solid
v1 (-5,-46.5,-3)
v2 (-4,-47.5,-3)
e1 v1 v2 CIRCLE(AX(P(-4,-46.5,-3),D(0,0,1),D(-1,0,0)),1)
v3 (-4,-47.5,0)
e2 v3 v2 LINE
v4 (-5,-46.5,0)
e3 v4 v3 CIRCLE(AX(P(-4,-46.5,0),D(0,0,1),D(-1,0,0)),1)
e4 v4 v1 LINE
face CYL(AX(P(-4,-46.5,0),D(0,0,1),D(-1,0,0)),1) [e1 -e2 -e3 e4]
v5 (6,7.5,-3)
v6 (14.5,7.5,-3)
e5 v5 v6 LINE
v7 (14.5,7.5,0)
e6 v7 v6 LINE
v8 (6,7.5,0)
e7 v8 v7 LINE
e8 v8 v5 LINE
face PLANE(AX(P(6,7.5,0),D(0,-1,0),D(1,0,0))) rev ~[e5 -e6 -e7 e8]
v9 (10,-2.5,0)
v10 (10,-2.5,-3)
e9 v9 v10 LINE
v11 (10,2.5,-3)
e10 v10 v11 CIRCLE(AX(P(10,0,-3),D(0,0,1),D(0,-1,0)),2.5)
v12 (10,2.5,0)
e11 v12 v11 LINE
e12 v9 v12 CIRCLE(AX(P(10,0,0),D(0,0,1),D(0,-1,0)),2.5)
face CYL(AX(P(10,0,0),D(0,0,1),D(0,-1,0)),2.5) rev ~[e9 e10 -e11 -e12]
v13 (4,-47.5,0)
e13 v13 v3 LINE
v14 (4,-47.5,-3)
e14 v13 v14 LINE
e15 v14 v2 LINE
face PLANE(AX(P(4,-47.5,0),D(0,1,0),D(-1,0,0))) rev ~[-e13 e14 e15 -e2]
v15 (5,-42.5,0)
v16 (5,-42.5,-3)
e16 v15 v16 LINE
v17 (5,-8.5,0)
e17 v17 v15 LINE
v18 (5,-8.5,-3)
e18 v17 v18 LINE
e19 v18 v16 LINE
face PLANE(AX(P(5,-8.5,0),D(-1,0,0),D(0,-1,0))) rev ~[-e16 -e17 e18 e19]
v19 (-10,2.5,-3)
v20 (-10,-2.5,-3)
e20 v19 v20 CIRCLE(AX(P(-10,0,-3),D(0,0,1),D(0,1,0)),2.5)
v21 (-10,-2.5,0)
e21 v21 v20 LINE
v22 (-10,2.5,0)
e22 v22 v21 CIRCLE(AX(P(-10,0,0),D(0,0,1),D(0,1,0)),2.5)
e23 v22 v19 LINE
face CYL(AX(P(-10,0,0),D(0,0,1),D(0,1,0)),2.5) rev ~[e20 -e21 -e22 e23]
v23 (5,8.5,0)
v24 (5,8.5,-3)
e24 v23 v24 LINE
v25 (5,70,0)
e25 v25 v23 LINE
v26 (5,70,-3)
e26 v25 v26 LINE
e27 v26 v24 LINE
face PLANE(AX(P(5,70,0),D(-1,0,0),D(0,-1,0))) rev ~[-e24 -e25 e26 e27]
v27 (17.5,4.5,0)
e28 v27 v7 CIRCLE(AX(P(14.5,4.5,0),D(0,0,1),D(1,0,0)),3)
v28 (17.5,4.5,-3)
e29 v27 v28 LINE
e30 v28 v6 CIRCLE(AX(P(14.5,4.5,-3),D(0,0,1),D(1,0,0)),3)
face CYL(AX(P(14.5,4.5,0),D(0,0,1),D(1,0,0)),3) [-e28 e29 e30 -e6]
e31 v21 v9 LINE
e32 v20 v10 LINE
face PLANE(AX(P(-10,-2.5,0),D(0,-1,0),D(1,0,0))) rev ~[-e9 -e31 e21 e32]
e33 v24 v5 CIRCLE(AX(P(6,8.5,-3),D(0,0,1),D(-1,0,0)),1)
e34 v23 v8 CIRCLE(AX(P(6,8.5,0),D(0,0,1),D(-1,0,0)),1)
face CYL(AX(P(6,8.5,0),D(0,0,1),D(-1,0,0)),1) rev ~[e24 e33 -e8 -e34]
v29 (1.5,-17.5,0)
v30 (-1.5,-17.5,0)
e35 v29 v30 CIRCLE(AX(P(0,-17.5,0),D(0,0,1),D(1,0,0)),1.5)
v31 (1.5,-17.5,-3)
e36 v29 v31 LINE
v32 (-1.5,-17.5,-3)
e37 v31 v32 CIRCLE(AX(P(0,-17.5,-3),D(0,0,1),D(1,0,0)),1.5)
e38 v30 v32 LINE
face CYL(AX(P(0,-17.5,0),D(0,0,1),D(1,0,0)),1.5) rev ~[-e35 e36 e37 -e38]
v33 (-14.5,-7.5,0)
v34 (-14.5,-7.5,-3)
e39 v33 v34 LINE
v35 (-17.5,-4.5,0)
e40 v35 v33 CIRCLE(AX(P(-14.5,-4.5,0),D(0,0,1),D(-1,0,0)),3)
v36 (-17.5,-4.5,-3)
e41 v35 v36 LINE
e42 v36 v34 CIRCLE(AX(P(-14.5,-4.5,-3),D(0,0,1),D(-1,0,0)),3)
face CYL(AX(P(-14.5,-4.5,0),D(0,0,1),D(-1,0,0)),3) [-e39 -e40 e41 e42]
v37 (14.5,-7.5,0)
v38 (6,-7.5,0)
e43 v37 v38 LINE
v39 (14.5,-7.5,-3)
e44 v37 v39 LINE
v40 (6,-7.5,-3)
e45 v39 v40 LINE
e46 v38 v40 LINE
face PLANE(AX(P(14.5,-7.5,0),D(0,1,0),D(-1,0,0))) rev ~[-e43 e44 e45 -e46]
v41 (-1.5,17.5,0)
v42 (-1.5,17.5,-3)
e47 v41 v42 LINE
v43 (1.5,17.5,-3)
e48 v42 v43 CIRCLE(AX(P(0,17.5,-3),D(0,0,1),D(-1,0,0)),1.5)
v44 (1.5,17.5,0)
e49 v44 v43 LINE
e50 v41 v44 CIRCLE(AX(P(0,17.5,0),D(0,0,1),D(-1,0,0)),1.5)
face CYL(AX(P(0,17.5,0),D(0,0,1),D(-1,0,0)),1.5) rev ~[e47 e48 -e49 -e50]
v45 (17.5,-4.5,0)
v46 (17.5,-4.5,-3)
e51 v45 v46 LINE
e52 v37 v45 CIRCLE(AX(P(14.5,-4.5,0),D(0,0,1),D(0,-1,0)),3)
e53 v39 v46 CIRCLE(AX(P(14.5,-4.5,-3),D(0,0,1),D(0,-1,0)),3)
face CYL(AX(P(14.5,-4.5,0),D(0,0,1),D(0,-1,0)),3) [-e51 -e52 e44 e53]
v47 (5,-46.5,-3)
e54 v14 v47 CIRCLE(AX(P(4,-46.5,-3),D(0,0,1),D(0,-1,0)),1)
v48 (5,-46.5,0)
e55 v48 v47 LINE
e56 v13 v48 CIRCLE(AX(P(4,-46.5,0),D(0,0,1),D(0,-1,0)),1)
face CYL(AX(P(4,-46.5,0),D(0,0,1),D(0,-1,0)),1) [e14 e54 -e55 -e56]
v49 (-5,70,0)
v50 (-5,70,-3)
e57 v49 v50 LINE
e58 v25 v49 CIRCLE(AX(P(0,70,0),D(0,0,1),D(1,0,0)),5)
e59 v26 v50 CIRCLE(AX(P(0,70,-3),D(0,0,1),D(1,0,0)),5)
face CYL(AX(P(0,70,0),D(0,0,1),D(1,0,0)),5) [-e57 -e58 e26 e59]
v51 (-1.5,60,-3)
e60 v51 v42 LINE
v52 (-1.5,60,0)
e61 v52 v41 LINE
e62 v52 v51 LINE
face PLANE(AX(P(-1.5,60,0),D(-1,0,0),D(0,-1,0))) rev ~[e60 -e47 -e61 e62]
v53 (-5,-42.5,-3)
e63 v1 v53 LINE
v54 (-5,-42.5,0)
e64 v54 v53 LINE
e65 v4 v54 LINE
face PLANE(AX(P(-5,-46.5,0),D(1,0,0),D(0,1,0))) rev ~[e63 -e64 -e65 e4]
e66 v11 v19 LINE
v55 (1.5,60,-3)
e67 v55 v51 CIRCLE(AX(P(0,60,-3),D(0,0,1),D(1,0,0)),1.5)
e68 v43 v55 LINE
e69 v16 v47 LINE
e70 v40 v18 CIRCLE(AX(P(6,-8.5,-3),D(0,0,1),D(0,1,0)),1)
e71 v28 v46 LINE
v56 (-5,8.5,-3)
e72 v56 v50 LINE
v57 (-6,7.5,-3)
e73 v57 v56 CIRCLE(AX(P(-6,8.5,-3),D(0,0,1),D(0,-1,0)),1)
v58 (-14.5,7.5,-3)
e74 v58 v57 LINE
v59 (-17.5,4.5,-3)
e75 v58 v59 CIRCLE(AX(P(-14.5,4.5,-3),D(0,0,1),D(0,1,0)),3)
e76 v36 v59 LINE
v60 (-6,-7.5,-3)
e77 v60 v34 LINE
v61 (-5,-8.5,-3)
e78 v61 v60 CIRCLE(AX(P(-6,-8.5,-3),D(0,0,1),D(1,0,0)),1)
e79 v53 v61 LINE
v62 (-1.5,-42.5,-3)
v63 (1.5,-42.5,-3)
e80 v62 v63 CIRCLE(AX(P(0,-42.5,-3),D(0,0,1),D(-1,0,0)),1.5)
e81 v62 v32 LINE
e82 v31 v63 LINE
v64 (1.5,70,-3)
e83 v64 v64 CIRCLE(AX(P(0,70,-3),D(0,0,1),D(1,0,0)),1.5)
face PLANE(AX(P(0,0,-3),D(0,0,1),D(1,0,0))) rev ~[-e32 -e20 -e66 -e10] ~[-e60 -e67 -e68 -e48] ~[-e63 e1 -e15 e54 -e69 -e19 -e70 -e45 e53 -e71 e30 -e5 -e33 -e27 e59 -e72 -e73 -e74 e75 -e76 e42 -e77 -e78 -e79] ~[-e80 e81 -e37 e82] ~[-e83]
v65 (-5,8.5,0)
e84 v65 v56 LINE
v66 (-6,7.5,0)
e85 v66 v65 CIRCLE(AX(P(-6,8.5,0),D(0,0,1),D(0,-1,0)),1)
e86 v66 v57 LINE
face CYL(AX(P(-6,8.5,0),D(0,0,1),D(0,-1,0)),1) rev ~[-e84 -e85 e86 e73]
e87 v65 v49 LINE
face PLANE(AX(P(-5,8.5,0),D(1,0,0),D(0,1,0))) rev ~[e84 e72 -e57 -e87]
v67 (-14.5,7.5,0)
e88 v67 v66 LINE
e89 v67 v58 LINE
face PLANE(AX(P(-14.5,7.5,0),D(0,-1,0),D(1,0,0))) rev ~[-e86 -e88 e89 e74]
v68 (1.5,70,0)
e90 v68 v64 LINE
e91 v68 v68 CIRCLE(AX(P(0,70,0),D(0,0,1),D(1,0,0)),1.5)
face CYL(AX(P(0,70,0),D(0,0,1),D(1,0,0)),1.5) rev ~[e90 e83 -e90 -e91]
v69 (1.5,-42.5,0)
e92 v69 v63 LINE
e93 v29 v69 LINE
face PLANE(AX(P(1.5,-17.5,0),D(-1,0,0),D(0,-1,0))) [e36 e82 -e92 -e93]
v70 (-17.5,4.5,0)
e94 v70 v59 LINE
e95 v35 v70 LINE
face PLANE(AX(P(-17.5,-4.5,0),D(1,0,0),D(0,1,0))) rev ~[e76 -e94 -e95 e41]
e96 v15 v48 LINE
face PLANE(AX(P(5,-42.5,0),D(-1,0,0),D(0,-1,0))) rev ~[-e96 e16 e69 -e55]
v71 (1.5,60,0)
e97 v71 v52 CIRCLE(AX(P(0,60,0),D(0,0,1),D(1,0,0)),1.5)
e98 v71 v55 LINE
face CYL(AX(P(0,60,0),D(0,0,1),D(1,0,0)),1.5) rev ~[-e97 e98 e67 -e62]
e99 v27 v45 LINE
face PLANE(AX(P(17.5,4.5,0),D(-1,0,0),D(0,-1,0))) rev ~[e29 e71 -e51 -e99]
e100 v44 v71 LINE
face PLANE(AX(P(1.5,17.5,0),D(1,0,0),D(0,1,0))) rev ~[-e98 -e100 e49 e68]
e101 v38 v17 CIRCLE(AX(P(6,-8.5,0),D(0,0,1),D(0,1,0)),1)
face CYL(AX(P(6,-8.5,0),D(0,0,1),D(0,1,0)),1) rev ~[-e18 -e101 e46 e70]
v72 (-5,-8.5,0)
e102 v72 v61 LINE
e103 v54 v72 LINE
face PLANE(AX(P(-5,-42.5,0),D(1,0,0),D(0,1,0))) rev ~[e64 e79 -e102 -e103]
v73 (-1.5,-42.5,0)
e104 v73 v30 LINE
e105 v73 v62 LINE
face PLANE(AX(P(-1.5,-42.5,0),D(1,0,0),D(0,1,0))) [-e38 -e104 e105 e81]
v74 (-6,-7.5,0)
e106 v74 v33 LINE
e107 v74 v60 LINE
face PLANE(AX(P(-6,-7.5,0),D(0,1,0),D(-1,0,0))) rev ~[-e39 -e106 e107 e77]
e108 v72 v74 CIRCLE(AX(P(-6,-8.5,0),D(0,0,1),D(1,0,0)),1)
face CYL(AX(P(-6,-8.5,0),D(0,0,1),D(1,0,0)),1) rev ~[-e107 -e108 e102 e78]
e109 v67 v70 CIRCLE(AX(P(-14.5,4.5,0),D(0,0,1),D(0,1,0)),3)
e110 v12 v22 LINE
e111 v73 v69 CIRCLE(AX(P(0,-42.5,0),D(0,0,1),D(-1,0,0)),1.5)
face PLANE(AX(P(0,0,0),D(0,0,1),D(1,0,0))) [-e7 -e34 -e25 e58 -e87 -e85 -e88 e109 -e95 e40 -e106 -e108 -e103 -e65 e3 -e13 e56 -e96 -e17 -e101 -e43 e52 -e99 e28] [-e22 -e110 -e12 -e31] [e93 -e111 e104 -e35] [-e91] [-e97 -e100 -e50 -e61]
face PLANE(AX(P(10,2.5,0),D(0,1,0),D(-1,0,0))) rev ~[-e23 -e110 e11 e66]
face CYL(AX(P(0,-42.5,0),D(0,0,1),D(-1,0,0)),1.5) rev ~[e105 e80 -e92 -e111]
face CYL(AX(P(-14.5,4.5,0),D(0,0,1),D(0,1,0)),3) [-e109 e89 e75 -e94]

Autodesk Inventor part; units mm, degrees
ref_plane "YZ Plane" through (0, 0, 0) normal (1, 0, 0) x (0, 1, 0)
ref_plane "XZ Plane" through (0, 0, 0) normal (0, 1, 0) x (-1, 0, 0)
ref_plane "XY Plane" through (0, 0, 0) normal (0, 0, 1) x (1, 0, 0)
sketch "Sketch1" plane through (0, 0, 0) normal (0, 0, 1) x (1, 0, 0)
  line L0 (-10, 0) -> (10, 0) construction
  line L1 (-10, -2.5) -> (10, -2.5)
  line L2 (10, 2.5) -> (-10, 2.5)
  arc A0 (-10, 2.5) -> (-10, -2.5) centre (-10, 0) ccw
  arc A1 (10, -2.5) -> (10, 2.5) centre (10, 0) ccw
  line L3 (17.5, 4.5) -> (17.5, -4.5)
  line L4 (-17.5, -4.5) -> (-17.5, 4.5)
  line L5 (-5, 70) -> (5, 70) construction
  line L6 (5, 70) -> (5, 8.5)
  line L7 (-5, 7.5) -> (-5, 7.5)
  line L8 (-5, 8.5) -> (-5, 70)
  line L9 (5, -7.5) -> (5, -7.5)
  line L10 (5, -8.5) -> (5, -42.5)
  line L11 (5, -42.5) -> (-5, -42.5) construction
  line L12 (-5, -42.5) -> (-5, -8.5)
  line L13 (14.5, -7.5) -> (6, -7.5)
  line L14 (-6, -7.5) -> (-14.5, -7.5)
  line L15 (-14.5, 7.5) -> (-6, 7.5)
  line L16 (6, 7.5) -> (14.5, 7.5)
  arc A2 (5, 70) -> (-5, 70) centre (0, 70) ccw
  circle A3 centre (0, 70) radius 1.5
  line L17 (0, 60) -> (0, 17.5) construction
  line L18 (-1.5, 60) -> (-1.5, 17.5)
  line L19 (1.5, 17.5) -> (1.5, 60)
  arc A4 (1.5, 60) -> (-1.5, 60) centre (0, 60) ccw
  arc A5 (-1.5, 17.5) -> (1.5, 17.5) centre (0, 17.5) ccw
  arc A6 (-5, -42.5) -> (5, -42.5) centre (0, -42.5) ccw construction
  line L20 (0, -42.5) -> (0, -17.5) construction
  line L21 (-1.5, -42.5) -> (-1.5, -17.5)
  line L22 (1.5, -17.5) -> (1.5, -42.5)
  arc A7 (-1.5, -42.5) -> (1.5, -42.5) centre (0, -42.5) ccw
  arc A8 (1.5, -17.5) -> (-1.5, -17.5) centre (0, -17.5) ccw
  arc A9 (17.5, 4.5) -> (14.5, 7.5) centre (14.5, 4.5) ccw
  arc A10 (14.5, -7.5) -> (17.5, -4.5) centre (14.5, -4.5) ccw
  arc A11 (-17.5, -4.5) -> (-14.5, -7.5) centre (-14.5, -4.5) ccw
  arc A12 (-14.5, 7.5) -> (-17.5, 4.5) centre (-14.5, 4.5) ccw
  arc A13 (-5, -8.5) -> (-6, -7.5) centre (-6, -8.5) ccw
  arc A14 (6, -7.5) -> (5, -8.5) centre (6, -8.5) ccw
  arc A15 (5, 8.5) -> (6, 7.5) centre (6, 8.5) ccw
  arc A16 (-6, 7.5) -> (-5, 8.5) centre (-6, 8.5) ccw
  line L23 (5, -42.5) -> (5, -46.5)
  line L24 (4, -47.5) -> (-4, -47.5)
  line L25 (-5, -46.5) -> (-5, -42.5)
  arc A17 (4, -47.5) -> (5, -46.5) centre (4, -46.5) ccw
  arc A18 (-5, -46.5) -> (-4, -47.5) centre (-4, -46.5) ccw
  point P0 (0, 0)
  point P1 (0, 2.5)
  point P2 (-17.5, 0)
  point P3 (17.5, 0)
  point P4 (0, 38.75)
  point P5 (0, -30)
  dimension "d0" = 10
  dimension "d1" = 35
  dimension "d2" = 15
  dimension "d3" = 5
  dimension "d4" = 20
  dimension "d5" = 3
  dimension "d6" = 10
  dimension "d7" = 10
  dimension "d8" = 70
  dimension "d9" = 3
  dimension "d10" = 35
  dimension "d11" = 3
  dimension "d12" = 10
  dimension "d13" = 3
  dimension "d14" = 1
  dimension "d17" = 1
extrude "Extrusion1" add sketch "Sketch1" against normal blind 3
properties part number "Slider_1"
